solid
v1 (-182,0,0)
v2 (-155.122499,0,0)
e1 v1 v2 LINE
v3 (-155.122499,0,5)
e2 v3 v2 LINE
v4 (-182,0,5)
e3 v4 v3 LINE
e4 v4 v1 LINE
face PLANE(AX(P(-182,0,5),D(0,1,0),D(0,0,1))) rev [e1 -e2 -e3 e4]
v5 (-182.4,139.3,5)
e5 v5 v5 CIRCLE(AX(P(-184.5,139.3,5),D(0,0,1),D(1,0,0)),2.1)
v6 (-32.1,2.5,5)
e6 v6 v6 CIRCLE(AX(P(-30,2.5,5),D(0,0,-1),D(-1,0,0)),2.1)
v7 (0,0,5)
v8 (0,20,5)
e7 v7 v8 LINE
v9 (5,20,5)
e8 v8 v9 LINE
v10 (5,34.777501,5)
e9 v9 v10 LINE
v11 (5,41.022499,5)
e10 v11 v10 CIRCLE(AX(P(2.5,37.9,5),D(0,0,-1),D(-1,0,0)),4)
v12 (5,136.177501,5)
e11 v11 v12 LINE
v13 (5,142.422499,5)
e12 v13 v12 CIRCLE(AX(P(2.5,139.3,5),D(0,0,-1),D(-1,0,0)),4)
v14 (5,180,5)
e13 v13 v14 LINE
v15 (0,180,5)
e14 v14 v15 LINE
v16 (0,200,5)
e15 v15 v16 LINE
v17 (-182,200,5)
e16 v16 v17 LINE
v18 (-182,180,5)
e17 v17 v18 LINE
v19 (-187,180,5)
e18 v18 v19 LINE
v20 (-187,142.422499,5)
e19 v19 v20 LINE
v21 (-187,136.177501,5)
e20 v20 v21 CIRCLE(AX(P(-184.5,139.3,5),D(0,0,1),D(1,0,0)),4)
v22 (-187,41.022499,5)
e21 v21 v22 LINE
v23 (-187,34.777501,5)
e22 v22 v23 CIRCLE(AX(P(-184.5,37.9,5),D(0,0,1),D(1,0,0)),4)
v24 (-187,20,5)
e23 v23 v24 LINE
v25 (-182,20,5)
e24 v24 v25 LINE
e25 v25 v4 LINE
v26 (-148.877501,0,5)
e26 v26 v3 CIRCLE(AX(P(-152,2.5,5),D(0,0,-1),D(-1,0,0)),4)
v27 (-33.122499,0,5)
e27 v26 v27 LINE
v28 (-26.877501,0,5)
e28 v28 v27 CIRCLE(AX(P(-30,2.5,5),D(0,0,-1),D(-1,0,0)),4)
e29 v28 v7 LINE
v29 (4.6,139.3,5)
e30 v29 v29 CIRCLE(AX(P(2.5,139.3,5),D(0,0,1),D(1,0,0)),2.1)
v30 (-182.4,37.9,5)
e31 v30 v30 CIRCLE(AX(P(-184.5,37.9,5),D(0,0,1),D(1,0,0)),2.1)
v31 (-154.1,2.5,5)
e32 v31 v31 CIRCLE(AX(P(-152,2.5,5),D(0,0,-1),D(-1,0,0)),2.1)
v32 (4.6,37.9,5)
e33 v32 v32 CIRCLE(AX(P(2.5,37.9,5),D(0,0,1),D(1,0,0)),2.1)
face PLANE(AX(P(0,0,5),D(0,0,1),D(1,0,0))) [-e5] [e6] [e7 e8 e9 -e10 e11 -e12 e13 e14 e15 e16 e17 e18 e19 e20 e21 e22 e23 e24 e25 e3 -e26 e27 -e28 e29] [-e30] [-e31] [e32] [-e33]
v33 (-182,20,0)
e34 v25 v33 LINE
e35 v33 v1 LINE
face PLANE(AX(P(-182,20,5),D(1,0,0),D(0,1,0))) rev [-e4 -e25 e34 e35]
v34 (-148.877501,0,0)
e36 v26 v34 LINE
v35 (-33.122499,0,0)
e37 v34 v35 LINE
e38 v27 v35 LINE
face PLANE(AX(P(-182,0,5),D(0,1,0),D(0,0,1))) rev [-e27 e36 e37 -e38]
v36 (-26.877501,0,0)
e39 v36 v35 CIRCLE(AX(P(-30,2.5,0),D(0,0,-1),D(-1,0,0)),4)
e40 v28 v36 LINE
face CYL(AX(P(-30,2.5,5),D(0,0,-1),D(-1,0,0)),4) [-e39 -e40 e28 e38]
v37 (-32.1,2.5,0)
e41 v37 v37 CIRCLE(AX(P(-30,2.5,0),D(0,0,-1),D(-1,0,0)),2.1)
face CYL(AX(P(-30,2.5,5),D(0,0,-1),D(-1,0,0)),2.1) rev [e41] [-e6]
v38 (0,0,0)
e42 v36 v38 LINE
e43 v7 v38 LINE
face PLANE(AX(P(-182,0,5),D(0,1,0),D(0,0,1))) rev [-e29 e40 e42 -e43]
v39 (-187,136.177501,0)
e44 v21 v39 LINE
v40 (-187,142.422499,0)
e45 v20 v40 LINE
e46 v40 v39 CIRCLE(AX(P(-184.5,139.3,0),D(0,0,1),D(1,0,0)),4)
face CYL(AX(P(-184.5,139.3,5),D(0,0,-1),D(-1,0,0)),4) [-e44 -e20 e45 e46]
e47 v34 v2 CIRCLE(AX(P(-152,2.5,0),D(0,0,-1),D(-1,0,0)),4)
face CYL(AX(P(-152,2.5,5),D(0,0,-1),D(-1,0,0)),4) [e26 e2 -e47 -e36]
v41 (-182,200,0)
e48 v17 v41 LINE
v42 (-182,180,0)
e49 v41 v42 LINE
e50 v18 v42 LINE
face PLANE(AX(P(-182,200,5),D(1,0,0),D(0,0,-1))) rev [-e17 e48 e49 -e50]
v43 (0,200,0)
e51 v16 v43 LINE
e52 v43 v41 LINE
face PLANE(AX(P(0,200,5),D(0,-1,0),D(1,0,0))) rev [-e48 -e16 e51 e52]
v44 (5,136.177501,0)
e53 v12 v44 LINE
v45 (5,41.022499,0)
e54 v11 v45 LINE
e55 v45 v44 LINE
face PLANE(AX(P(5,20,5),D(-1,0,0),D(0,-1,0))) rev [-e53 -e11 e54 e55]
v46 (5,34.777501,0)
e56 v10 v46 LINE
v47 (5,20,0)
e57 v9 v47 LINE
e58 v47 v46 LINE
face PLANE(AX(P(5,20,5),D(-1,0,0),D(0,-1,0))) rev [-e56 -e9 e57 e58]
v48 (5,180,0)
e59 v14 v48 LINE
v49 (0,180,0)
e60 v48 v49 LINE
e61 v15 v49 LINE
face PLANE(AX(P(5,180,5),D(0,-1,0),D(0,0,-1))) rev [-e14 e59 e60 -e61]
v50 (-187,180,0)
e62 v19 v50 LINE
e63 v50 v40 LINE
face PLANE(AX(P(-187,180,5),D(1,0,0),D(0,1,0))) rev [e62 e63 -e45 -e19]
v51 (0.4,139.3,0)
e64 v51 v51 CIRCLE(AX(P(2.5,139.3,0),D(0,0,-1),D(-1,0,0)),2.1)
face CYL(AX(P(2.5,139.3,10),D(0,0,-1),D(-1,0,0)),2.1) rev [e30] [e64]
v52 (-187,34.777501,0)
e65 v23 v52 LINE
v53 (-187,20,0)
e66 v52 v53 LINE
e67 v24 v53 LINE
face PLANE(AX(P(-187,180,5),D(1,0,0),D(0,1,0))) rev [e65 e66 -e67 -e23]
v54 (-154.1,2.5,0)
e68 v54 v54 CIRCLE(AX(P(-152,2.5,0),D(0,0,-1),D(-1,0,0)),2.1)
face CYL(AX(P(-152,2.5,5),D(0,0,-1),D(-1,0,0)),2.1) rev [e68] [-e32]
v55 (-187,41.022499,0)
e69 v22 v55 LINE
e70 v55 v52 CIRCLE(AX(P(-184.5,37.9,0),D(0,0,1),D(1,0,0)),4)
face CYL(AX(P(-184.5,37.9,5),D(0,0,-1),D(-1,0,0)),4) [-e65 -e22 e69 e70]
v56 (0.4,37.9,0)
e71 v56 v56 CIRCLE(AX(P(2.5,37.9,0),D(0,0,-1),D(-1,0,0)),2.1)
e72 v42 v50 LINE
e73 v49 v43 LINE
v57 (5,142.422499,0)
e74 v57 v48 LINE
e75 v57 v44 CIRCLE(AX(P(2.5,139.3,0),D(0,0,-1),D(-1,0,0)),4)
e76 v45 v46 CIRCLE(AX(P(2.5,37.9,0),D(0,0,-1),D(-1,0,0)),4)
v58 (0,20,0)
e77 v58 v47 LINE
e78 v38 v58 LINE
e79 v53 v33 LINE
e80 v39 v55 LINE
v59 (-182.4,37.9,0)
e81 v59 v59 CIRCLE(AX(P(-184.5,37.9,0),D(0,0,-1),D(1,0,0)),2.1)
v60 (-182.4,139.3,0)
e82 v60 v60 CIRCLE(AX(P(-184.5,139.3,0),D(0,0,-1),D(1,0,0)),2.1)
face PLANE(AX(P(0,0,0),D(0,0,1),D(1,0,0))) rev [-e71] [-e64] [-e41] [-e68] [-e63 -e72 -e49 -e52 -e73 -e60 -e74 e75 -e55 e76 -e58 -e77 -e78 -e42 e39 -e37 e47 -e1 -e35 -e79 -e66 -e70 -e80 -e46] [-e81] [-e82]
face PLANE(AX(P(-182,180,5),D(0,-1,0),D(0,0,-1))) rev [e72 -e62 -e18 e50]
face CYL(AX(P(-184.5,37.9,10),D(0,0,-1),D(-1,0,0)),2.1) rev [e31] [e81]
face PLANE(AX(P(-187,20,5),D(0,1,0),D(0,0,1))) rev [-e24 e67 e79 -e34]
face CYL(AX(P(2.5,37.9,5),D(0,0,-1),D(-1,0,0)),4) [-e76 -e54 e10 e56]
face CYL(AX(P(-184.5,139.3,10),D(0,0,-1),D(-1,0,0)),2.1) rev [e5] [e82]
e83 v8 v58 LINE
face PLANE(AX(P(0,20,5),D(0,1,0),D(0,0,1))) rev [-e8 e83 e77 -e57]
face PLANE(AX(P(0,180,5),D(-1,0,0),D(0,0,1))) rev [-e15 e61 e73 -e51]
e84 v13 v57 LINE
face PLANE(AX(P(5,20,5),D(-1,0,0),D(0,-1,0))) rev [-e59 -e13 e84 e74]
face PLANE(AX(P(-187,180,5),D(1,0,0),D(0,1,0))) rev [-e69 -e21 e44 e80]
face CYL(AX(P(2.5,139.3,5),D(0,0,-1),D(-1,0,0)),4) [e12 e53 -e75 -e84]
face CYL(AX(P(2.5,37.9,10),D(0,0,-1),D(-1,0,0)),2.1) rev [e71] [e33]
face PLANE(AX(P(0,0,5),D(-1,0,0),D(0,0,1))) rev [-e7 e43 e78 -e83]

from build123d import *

# Parameters (mm, degrees)
BOSS_EXTRUDE1_DEPTH = 5
SKETCH2_R           = 2.1
CUT_EXTRUDE1_DEPTH  = 10
BOSS_EXTRUDE2_DEPTH = 5
BOSS_EXTRUDE3_DEPTH = 5
SKETCH5_R           = 2.1
CUT_EXTRUDE2_DEPTH  = 5
BOSS_EXTRUDE4_DEPTH = 5


with BuildPart() as part:
    # Sketch1 → Boss-Extrude1 (new body)
    with BuildSketch(Plane.XY):
        Polygon((-182, 200), (-182, 180), (-187, 180), (-187, 20), (-182, 20), (-182, 0), (0, 0), (0, 20), (5, 20), (5, 180), (0, 180), (0, 200), align=None)
    extrude(amount=BOSS_EXTRUDE1_DEPTH)

    # Sketch2 → Cut-Extrude1 (cut)
    with BuildSketch(Plane(origin=(0, 0, 0), x_dir=(-1, 0, 0), z_dir=(0, 0, -1))):
        with Locations((-2.5, 139.3)):
            Circle(SKETCH2_R)
        with Locations((-2.5, 37.9)):
            Circle(SKETCH2_R)
        with Locations(Location((184.5, 37.9, 0), (0, 0, 180))):
            Circle(SKETCH2_R)
        with Locations(Location((184.5, 139.3, 0), (0, 0, 180))):
            Circle(SKETCH2_R)
    extrude(amount=-CUT_EXTRUDE1_DEPTH, mode=Mode.SUBTRACT)

    # Sketch3 → Boss-Extrude2 (add)
    with BuildSketch(Plane(origin=(0, 0, 0), x_dir=(-1, 0, 0), z_dir=(0, 0, -1))):
        with BuildLine():
            Line((-5, 136.177501001), (-5, 142.422498999))
            ThreePointArc((-5, 142.422498999), (-6.5, 139.3), (-5, 136.177501001))
        make_face()
    boss_extrude2 = extrude(amount=-BOSS_EXTRUDE2_DEPTH)

    # Sketch4 → Boss-Extrude3 (add)
    with BuildSketch(Plane(origin=(0, 0, 0), x_dir=(-1, 0, 0), z_dir=(0, 0, -1))):
        with BuildLine():
            Line((-5, 34.777501001), (-5, 41.022498999))
            ThreePointArc((-5, 41.022498999), (-6.5, 37.9), (-5, 34.777501001))
        make_face()
    boss_extrude3 = extrude(amount=-BOSS_EXTRUDE3_DEPTH)

    # Mirror1: Boss-Extrude2, Boss-Extrude3 across plane
    add(boss_extrude2.mirror(Plane.ZY.offset(91)))
    add(boss_extrude3.mirror(Plane.ZY.offset(91)))

    # Sketch5 → Cut-Extrude2 (cut)
    with BuildSketch(Plane(origin=(0, 0, 0), x_dir=(-1, 0, 0), z_dir=(0, 0, -1))):
        with Locations((30, 2.5)):
            Circle(SKETCH5_R)
        with Locations((152, 2.5)):
            Circle(SKETCH5_R)
    extrude(amount=-CUT_EXTRUDE2_DEPTH, mode=Mode.SUBTRACT)

    # Sketch6 → Boss-Extrude4 (add)
    with BuildSketch(Plane(origin=(0, 0, 0), x_dir=(-1, 0, 0), z_dir=(0, 0, -1))):
        with BuildLine():
            Line((155.122498999, 0), (148.877501001, 0))
            ThreePointArc((148.877501001, 0), (152, -1.5), (155.122498999, 0))
        make_face()
        with BuildLine():
            Line((33.122498999, 0), (26.877501001, 0))
            ThreePointArc((26.877501001, 0), (30, -1.5), (33.122498999, 0))
        make_face()
    extrude(amount=-BOSS_EXTRUDE4_DEPTH)


solid = part.part
